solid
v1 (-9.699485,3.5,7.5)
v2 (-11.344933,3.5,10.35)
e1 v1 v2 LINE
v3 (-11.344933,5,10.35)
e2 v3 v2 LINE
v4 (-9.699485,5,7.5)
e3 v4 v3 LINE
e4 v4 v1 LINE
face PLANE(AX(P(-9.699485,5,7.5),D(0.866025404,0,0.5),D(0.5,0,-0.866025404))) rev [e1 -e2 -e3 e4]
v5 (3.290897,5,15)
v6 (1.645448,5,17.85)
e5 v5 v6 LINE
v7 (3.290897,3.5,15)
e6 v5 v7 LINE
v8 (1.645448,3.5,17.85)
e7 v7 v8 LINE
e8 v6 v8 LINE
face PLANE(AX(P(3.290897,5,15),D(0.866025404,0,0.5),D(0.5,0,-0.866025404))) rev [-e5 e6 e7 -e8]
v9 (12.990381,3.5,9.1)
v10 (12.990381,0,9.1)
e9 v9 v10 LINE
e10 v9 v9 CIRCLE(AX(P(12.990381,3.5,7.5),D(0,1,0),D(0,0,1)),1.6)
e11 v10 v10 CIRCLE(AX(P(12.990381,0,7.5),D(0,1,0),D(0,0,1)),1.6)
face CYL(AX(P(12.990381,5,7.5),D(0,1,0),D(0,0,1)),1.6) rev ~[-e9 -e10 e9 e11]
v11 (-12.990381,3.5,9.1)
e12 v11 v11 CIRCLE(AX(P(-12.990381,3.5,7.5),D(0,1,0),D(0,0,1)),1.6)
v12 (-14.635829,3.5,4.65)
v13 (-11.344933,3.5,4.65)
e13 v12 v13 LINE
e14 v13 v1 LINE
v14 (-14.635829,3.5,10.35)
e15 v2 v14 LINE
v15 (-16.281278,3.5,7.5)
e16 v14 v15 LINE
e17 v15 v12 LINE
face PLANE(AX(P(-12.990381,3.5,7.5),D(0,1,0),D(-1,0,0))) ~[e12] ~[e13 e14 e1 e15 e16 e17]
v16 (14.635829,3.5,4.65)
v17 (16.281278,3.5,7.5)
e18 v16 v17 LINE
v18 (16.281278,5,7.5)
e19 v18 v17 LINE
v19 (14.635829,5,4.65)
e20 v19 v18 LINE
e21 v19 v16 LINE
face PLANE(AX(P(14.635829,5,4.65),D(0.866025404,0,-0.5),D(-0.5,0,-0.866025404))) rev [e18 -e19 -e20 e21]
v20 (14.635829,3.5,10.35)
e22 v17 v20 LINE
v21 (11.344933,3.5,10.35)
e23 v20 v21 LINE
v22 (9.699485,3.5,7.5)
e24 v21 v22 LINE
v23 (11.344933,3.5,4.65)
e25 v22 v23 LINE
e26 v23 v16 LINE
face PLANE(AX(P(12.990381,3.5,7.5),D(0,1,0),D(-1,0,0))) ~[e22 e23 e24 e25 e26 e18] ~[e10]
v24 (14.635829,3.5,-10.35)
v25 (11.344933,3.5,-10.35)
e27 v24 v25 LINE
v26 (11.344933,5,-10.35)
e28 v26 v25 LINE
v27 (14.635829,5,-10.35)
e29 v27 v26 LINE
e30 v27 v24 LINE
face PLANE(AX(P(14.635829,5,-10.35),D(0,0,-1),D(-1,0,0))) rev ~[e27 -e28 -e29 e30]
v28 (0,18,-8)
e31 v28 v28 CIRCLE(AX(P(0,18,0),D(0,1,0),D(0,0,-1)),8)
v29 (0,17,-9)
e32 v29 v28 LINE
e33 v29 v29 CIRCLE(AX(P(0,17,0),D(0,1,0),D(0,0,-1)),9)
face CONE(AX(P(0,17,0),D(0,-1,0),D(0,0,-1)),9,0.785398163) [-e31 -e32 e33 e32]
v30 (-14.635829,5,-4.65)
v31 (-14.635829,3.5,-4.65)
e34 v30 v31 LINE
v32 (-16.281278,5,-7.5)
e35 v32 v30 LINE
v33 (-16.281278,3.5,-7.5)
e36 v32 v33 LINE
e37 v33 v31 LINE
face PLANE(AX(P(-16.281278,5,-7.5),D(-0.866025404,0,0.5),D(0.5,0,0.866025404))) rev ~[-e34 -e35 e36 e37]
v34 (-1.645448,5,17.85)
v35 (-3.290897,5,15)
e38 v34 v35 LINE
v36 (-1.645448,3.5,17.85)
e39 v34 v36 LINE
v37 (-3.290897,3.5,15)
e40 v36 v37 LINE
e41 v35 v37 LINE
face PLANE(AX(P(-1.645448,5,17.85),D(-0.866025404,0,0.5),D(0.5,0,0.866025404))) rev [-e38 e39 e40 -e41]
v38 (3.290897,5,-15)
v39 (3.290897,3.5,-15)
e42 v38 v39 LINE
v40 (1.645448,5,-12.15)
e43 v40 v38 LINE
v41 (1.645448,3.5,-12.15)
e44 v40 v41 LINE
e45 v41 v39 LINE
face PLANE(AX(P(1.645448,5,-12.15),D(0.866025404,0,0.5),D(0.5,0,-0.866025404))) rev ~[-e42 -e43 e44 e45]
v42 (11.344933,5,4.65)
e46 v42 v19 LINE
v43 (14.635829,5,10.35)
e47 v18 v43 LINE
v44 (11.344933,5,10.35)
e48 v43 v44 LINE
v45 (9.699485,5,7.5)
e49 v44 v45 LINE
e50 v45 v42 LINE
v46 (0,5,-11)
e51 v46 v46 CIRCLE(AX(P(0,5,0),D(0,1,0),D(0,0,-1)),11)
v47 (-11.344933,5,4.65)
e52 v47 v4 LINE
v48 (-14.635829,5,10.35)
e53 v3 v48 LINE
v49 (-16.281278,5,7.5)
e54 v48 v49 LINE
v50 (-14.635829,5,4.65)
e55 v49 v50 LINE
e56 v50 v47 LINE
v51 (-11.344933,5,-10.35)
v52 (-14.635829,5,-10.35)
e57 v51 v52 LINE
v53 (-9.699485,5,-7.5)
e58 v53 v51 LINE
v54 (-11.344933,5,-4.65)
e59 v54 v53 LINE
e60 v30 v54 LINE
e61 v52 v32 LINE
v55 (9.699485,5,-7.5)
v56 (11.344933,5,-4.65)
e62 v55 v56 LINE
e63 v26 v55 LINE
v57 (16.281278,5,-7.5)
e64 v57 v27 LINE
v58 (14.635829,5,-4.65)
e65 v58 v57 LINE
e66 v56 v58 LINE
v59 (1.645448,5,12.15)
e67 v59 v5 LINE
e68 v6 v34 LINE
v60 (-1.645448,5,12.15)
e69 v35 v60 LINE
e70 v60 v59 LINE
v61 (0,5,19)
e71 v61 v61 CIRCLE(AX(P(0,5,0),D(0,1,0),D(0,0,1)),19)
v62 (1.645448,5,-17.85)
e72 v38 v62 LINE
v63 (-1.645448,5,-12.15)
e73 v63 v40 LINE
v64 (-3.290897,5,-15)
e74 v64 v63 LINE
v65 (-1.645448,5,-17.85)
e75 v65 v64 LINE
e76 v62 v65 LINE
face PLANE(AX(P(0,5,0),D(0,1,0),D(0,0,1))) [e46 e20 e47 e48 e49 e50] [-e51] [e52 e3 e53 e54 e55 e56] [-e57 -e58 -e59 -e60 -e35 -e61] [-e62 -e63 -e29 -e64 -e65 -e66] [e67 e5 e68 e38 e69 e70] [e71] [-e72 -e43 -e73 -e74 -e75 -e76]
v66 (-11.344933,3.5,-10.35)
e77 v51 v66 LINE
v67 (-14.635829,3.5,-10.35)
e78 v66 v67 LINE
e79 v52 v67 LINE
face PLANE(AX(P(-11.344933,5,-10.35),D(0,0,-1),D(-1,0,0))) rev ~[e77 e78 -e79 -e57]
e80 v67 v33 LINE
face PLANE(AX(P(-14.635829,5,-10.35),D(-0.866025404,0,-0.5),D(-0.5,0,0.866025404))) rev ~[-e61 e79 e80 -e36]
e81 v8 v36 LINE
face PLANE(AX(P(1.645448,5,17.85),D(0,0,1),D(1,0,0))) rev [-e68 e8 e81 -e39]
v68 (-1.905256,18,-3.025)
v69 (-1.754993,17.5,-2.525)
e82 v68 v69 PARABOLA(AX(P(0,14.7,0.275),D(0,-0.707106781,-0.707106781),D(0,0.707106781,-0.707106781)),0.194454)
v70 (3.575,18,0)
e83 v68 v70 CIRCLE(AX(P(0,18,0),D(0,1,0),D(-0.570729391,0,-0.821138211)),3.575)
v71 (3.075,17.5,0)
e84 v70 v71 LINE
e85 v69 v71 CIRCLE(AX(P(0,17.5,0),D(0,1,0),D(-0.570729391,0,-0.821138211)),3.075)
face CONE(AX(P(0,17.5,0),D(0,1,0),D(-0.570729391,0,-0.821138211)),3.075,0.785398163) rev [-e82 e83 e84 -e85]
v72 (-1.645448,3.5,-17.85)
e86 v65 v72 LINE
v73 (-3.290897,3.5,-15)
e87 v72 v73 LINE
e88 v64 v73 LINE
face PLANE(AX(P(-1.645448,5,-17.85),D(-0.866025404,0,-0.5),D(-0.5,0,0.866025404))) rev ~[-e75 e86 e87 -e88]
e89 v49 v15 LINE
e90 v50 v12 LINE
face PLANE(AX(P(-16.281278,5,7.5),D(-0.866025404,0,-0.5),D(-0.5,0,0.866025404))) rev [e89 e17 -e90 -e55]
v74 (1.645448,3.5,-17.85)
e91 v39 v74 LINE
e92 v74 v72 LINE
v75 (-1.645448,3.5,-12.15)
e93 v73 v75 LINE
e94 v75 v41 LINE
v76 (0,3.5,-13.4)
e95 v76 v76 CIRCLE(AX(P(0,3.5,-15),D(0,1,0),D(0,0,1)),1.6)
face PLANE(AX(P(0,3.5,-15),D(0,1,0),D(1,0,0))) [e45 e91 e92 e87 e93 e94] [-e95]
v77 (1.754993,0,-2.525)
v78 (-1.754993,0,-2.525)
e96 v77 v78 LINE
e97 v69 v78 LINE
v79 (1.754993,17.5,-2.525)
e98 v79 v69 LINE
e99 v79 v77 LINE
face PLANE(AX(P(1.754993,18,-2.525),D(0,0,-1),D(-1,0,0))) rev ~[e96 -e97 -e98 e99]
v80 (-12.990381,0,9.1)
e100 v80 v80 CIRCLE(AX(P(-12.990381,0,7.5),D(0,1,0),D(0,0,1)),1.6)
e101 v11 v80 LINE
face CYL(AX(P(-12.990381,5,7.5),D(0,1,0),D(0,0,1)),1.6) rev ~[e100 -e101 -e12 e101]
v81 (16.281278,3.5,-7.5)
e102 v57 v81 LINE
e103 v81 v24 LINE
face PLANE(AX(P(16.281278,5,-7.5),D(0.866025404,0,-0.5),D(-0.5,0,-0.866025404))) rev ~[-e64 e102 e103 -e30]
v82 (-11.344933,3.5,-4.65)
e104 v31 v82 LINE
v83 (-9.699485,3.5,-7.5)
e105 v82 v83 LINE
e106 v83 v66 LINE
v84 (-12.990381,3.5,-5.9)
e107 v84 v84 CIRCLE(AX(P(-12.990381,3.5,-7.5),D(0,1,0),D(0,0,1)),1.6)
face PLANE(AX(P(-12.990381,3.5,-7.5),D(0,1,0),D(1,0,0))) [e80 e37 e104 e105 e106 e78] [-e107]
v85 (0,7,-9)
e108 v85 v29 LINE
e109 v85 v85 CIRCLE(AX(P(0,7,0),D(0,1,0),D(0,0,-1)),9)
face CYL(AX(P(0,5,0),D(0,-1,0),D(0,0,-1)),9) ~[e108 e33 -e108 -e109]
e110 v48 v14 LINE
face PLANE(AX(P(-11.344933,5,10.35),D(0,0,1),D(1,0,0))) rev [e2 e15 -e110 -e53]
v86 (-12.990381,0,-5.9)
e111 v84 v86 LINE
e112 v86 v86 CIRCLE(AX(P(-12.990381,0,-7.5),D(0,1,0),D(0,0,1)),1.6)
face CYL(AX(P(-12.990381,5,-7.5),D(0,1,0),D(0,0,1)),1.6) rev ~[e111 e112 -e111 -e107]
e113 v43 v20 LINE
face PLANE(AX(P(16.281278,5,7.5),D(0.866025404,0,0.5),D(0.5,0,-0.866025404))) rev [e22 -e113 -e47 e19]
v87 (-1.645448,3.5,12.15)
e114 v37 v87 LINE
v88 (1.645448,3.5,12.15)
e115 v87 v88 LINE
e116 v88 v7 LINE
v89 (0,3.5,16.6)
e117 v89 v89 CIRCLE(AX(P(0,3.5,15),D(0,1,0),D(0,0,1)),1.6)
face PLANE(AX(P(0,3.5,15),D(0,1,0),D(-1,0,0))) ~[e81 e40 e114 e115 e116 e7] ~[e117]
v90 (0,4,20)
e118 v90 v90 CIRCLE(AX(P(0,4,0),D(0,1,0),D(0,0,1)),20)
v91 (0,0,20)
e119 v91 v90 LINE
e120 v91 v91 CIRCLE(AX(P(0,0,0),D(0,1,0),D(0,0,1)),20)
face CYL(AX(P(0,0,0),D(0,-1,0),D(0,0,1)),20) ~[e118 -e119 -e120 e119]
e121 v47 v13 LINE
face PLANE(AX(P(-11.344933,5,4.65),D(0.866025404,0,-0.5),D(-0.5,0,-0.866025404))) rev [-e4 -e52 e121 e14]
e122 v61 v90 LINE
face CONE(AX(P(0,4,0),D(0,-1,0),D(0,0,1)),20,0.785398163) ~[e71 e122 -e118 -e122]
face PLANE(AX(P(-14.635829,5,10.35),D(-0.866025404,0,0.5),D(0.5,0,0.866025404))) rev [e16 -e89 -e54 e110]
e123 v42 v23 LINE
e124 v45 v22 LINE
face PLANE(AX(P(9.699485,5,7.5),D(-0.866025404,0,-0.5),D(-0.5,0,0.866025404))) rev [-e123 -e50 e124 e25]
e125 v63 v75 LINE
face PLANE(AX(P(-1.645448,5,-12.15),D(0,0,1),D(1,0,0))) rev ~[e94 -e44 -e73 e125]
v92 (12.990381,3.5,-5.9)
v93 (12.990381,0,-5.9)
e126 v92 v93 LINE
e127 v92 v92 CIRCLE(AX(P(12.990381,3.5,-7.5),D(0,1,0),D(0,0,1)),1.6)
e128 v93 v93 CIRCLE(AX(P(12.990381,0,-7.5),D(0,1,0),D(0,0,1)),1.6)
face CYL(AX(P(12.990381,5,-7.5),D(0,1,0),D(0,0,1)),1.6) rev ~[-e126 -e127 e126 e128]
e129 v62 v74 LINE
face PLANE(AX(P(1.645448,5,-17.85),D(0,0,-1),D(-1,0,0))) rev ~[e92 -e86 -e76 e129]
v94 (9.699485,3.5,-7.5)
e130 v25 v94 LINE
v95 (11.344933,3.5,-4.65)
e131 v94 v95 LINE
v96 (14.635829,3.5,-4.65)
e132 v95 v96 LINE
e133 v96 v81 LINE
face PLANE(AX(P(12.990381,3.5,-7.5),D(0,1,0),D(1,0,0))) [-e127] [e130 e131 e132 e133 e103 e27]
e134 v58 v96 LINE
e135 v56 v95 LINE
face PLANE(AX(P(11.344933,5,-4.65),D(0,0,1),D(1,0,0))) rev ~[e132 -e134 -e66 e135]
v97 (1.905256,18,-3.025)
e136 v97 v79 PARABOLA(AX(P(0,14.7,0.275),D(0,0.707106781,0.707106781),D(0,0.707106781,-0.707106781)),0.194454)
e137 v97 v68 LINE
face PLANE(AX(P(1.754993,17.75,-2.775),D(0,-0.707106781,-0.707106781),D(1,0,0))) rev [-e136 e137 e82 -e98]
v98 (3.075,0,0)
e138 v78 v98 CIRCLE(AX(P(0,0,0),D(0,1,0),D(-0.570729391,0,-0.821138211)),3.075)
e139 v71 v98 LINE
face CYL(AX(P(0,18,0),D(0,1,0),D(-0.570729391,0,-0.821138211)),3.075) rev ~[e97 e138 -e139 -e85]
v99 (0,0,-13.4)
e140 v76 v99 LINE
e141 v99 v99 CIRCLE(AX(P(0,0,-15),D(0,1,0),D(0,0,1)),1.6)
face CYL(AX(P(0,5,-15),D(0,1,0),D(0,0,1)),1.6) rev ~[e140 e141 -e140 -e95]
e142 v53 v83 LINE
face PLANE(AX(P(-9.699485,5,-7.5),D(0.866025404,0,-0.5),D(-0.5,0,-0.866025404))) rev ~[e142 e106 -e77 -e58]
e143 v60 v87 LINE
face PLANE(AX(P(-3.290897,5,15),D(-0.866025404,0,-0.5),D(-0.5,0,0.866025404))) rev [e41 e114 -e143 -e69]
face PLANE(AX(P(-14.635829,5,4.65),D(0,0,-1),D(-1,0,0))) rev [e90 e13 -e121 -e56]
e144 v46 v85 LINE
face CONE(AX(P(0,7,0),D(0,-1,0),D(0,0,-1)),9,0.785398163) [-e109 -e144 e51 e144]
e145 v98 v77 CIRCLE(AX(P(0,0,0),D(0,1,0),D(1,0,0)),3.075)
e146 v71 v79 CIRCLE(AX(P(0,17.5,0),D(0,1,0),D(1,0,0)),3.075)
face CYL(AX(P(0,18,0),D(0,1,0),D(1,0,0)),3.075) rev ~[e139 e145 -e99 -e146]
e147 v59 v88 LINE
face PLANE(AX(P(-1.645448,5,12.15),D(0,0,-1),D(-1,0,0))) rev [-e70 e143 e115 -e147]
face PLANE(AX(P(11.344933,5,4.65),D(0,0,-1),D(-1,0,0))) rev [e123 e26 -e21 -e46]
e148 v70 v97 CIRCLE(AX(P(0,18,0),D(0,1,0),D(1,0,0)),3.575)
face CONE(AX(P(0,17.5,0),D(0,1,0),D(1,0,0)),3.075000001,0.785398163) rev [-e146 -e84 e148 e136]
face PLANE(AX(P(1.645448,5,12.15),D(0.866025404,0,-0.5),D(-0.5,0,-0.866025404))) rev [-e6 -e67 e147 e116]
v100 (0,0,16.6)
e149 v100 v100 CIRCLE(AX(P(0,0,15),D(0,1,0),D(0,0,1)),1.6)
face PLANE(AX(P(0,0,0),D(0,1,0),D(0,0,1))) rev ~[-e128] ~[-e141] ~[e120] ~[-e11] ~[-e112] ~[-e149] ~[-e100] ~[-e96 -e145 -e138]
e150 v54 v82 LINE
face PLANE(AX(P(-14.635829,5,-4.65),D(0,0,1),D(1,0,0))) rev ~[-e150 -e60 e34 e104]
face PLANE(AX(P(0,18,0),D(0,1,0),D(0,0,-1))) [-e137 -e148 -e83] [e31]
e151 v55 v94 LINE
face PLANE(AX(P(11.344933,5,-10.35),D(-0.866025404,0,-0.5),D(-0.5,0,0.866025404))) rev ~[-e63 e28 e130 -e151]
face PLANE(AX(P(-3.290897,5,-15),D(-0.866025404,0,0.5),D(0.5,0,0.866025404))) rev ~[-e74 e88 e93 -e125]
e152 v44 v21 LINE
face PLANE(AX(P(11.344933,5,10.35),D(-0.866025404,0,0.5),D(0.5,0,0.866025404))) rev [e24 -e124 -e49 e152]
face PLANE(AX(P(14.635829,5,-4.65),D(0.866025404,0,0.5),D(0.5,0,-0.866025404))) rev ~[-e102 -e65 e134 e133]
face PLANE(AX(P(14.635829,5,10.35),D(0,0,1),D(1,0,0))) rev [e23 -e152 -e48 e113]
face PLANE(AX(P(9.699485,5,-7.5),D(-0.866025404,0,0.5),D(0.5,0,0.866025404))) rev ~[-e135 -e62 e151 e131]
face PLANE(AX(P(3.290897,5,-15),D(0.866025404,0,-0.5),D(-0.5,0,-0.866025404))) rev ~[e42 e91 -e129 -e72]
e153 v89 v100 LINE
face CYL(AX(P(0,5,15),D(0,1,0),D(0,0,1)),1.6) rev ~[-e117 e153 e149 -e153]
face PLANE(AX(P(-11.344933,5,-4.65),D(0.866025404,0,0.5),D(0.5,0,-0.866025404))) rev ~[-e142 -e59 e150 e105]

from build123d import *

# Parameters (mm, degrees)
SKETCH1_R           = 20
BOSS_EXTRUDE1_DEPTH = 5
SKETCH2_R           = 1.6
CUT_EXTRUDE1_DEPTH  = 29.722813233
SKETCH3_R           = 9
BOSS_EXTRUDE2_DEPTH = 13
CUT_EXTRUDE2_DEPTH  = 34.526109228
CHAMFER3_SIZE       = 2
CHAMFER4_SIZE       = 1
CHAMFER5_SIZE       = 1
CHAMFER6_SIZE       = 0.5
CUT_EXTRUDE7_DEPTH  = 1.5


with BuildPart() as part:
    # Sketch1 → Boss-Extrude1 (new body)
    with BuildSketch(Plane(origin=(0, 0, 0), x_dir=(1, 0, 0), z_dir=(0, 1, 0))):
        with Locations(Location((0, 0, 0), (0, 0, 270))):
            Circle(SKETCH1_R)
    extrude(amount=BOSS_EXTRUDE1_DEPTH)

    # Sketch2 → Cut-Extrude1 (cut, through all)
    with BuildSketch(Plane(origin=(0, 5, 0), x_dir=(1, 0, 0), z_dir=(0, 1, 0))):
        with Locations(Location((0, 15, 0), (0, 0, 270))):
            Circle(SKETCH2_R)
        with Locations(Location((12.990381057, 7.5, 0), (0, 0, 270))):
            Circle(SKETCH2_R)
        with Locations(Location((12.990381057, -7.5, 0), (0, 0, 270))):
            Circle(SKETCH2_R)
        with Locations(Location((0, -15, 0), (0, 0, 270))):
            Circle(SKETCH2_R)
        with Locations(Location((-12.990381057, -7.5, 0), (0, 0, 270))):
            Circle(SKETCH2_R)
        with Locations(Location((-12.990381057, 7.5, 0), (0, 0, 270))):
            Circle(SKETCH2_R)
    extrude(amount=-CUT_EXTRUDE1_DEPTH, mode=Mode.SUBTRACT)

    # Sketch3 → Boss-Extrude2 (add)
    with BuildSketch(Plane(origin=(0, 5, 0), x_dir=(1, 0, 0), z_dir=(0, 1, 0))):
        with Locations(Location((0, 0, 0), (0, 0, 90))):
            Circle(SKETCH3_R)
    extrude(amount=BOSS_EXTRUDE2_DEPTH)

    # Sketch4 → Cut-Extrude2 (cut, through all)
    with BuildSketch(Plane(origin=(0, 18, 0), x_dir=(1, 0, 0), z_dir=(0, 1, 0))):
        with BuildLine():
            Line((1.754992877, 2.525), (-1.754992877, 2.525))
            ThreePointArc((-1.754992877, 2.525), (-1.424609052, -2.725089732), (3.075, 0))
            ThreePointArc((3.075, 0), (2.725089732, 1.424609052), (1.754992877, 2.525))
        make_face()
    extrude(amount=-CUT_EXTRUDE2_DEPTH, mode=Mode.SUBTRACT)

    # Chamfer3
    chamfer3_edges = [part.edges().sort_by_distance(p)[0] for p in [
        (0, 5, 9),
    ]]
    chamfer(chamfer3_edges, length=CHAMFER3_SIZE)

    # Chamfer4
    chamfer4_edges = [part.edges().sort_by_distance(p)[0] for p in [
        (0, 5, -20),
    ]]
    chamfer(chamfer4_edges, length=CHAMFER4_SIZE)

    # Chamfer5
    chamfer5_edges = [part.edges().sort_by_distance(p)[0] for p in [
        (0, 18, 9),
    ]]
    chamfer(chamfer5_edges, length=CHAMFER5_SIZE)

    # Chamfer6
    chamfer6_edges = [part.edges().sort_by_distance(p)[0] for p in [
        (0, 18, -2.525),
        (0, 18, 3.075),
    ]]
    chamfer(chamfer6_edges, length=CHAMFER6_SIZE)

    # Sketch10 → Cut-Extrude7 (cut)
    with BuildSketch(Plane(origin=(0, 5, 0), x_dir=(1, 0, 0), z_dir=(0, 1, 0))):
        Polygon((1.645448267, 17.85), (-1.645448267, 17.85), (-3.290896534, 15), (-1.645448267, 12.15), (1.645448267, 12.15), (3.290896534, 15), align=None)
        Polygon((14.635829324, 10.35), (11.34493279, 10.35), (9.699484522, 7.5), (11.34493279, 4.65), (14.635829324, 4.65), (16.281277591, 7.5), align=None)
        Polygon((-11.34493279, 10.35), (-14.635829324, 10.35), (-16.281277591, 7.5), (-14.635829324, 4.65), (-11.34493279, 4.65), (-9.699484522, 7.5), align=None)
    cut_extrude7 = extrude(amount=-CUT_EXTRUDE7_DEPTH, mode=Mode.SUBTRACT)

    # Mirror2: Cut-Extrude7 across plane
    add(cut_extrude7.mirror(Plane.XY), mode=Mode.SUBTRACT)


solid = part.part
